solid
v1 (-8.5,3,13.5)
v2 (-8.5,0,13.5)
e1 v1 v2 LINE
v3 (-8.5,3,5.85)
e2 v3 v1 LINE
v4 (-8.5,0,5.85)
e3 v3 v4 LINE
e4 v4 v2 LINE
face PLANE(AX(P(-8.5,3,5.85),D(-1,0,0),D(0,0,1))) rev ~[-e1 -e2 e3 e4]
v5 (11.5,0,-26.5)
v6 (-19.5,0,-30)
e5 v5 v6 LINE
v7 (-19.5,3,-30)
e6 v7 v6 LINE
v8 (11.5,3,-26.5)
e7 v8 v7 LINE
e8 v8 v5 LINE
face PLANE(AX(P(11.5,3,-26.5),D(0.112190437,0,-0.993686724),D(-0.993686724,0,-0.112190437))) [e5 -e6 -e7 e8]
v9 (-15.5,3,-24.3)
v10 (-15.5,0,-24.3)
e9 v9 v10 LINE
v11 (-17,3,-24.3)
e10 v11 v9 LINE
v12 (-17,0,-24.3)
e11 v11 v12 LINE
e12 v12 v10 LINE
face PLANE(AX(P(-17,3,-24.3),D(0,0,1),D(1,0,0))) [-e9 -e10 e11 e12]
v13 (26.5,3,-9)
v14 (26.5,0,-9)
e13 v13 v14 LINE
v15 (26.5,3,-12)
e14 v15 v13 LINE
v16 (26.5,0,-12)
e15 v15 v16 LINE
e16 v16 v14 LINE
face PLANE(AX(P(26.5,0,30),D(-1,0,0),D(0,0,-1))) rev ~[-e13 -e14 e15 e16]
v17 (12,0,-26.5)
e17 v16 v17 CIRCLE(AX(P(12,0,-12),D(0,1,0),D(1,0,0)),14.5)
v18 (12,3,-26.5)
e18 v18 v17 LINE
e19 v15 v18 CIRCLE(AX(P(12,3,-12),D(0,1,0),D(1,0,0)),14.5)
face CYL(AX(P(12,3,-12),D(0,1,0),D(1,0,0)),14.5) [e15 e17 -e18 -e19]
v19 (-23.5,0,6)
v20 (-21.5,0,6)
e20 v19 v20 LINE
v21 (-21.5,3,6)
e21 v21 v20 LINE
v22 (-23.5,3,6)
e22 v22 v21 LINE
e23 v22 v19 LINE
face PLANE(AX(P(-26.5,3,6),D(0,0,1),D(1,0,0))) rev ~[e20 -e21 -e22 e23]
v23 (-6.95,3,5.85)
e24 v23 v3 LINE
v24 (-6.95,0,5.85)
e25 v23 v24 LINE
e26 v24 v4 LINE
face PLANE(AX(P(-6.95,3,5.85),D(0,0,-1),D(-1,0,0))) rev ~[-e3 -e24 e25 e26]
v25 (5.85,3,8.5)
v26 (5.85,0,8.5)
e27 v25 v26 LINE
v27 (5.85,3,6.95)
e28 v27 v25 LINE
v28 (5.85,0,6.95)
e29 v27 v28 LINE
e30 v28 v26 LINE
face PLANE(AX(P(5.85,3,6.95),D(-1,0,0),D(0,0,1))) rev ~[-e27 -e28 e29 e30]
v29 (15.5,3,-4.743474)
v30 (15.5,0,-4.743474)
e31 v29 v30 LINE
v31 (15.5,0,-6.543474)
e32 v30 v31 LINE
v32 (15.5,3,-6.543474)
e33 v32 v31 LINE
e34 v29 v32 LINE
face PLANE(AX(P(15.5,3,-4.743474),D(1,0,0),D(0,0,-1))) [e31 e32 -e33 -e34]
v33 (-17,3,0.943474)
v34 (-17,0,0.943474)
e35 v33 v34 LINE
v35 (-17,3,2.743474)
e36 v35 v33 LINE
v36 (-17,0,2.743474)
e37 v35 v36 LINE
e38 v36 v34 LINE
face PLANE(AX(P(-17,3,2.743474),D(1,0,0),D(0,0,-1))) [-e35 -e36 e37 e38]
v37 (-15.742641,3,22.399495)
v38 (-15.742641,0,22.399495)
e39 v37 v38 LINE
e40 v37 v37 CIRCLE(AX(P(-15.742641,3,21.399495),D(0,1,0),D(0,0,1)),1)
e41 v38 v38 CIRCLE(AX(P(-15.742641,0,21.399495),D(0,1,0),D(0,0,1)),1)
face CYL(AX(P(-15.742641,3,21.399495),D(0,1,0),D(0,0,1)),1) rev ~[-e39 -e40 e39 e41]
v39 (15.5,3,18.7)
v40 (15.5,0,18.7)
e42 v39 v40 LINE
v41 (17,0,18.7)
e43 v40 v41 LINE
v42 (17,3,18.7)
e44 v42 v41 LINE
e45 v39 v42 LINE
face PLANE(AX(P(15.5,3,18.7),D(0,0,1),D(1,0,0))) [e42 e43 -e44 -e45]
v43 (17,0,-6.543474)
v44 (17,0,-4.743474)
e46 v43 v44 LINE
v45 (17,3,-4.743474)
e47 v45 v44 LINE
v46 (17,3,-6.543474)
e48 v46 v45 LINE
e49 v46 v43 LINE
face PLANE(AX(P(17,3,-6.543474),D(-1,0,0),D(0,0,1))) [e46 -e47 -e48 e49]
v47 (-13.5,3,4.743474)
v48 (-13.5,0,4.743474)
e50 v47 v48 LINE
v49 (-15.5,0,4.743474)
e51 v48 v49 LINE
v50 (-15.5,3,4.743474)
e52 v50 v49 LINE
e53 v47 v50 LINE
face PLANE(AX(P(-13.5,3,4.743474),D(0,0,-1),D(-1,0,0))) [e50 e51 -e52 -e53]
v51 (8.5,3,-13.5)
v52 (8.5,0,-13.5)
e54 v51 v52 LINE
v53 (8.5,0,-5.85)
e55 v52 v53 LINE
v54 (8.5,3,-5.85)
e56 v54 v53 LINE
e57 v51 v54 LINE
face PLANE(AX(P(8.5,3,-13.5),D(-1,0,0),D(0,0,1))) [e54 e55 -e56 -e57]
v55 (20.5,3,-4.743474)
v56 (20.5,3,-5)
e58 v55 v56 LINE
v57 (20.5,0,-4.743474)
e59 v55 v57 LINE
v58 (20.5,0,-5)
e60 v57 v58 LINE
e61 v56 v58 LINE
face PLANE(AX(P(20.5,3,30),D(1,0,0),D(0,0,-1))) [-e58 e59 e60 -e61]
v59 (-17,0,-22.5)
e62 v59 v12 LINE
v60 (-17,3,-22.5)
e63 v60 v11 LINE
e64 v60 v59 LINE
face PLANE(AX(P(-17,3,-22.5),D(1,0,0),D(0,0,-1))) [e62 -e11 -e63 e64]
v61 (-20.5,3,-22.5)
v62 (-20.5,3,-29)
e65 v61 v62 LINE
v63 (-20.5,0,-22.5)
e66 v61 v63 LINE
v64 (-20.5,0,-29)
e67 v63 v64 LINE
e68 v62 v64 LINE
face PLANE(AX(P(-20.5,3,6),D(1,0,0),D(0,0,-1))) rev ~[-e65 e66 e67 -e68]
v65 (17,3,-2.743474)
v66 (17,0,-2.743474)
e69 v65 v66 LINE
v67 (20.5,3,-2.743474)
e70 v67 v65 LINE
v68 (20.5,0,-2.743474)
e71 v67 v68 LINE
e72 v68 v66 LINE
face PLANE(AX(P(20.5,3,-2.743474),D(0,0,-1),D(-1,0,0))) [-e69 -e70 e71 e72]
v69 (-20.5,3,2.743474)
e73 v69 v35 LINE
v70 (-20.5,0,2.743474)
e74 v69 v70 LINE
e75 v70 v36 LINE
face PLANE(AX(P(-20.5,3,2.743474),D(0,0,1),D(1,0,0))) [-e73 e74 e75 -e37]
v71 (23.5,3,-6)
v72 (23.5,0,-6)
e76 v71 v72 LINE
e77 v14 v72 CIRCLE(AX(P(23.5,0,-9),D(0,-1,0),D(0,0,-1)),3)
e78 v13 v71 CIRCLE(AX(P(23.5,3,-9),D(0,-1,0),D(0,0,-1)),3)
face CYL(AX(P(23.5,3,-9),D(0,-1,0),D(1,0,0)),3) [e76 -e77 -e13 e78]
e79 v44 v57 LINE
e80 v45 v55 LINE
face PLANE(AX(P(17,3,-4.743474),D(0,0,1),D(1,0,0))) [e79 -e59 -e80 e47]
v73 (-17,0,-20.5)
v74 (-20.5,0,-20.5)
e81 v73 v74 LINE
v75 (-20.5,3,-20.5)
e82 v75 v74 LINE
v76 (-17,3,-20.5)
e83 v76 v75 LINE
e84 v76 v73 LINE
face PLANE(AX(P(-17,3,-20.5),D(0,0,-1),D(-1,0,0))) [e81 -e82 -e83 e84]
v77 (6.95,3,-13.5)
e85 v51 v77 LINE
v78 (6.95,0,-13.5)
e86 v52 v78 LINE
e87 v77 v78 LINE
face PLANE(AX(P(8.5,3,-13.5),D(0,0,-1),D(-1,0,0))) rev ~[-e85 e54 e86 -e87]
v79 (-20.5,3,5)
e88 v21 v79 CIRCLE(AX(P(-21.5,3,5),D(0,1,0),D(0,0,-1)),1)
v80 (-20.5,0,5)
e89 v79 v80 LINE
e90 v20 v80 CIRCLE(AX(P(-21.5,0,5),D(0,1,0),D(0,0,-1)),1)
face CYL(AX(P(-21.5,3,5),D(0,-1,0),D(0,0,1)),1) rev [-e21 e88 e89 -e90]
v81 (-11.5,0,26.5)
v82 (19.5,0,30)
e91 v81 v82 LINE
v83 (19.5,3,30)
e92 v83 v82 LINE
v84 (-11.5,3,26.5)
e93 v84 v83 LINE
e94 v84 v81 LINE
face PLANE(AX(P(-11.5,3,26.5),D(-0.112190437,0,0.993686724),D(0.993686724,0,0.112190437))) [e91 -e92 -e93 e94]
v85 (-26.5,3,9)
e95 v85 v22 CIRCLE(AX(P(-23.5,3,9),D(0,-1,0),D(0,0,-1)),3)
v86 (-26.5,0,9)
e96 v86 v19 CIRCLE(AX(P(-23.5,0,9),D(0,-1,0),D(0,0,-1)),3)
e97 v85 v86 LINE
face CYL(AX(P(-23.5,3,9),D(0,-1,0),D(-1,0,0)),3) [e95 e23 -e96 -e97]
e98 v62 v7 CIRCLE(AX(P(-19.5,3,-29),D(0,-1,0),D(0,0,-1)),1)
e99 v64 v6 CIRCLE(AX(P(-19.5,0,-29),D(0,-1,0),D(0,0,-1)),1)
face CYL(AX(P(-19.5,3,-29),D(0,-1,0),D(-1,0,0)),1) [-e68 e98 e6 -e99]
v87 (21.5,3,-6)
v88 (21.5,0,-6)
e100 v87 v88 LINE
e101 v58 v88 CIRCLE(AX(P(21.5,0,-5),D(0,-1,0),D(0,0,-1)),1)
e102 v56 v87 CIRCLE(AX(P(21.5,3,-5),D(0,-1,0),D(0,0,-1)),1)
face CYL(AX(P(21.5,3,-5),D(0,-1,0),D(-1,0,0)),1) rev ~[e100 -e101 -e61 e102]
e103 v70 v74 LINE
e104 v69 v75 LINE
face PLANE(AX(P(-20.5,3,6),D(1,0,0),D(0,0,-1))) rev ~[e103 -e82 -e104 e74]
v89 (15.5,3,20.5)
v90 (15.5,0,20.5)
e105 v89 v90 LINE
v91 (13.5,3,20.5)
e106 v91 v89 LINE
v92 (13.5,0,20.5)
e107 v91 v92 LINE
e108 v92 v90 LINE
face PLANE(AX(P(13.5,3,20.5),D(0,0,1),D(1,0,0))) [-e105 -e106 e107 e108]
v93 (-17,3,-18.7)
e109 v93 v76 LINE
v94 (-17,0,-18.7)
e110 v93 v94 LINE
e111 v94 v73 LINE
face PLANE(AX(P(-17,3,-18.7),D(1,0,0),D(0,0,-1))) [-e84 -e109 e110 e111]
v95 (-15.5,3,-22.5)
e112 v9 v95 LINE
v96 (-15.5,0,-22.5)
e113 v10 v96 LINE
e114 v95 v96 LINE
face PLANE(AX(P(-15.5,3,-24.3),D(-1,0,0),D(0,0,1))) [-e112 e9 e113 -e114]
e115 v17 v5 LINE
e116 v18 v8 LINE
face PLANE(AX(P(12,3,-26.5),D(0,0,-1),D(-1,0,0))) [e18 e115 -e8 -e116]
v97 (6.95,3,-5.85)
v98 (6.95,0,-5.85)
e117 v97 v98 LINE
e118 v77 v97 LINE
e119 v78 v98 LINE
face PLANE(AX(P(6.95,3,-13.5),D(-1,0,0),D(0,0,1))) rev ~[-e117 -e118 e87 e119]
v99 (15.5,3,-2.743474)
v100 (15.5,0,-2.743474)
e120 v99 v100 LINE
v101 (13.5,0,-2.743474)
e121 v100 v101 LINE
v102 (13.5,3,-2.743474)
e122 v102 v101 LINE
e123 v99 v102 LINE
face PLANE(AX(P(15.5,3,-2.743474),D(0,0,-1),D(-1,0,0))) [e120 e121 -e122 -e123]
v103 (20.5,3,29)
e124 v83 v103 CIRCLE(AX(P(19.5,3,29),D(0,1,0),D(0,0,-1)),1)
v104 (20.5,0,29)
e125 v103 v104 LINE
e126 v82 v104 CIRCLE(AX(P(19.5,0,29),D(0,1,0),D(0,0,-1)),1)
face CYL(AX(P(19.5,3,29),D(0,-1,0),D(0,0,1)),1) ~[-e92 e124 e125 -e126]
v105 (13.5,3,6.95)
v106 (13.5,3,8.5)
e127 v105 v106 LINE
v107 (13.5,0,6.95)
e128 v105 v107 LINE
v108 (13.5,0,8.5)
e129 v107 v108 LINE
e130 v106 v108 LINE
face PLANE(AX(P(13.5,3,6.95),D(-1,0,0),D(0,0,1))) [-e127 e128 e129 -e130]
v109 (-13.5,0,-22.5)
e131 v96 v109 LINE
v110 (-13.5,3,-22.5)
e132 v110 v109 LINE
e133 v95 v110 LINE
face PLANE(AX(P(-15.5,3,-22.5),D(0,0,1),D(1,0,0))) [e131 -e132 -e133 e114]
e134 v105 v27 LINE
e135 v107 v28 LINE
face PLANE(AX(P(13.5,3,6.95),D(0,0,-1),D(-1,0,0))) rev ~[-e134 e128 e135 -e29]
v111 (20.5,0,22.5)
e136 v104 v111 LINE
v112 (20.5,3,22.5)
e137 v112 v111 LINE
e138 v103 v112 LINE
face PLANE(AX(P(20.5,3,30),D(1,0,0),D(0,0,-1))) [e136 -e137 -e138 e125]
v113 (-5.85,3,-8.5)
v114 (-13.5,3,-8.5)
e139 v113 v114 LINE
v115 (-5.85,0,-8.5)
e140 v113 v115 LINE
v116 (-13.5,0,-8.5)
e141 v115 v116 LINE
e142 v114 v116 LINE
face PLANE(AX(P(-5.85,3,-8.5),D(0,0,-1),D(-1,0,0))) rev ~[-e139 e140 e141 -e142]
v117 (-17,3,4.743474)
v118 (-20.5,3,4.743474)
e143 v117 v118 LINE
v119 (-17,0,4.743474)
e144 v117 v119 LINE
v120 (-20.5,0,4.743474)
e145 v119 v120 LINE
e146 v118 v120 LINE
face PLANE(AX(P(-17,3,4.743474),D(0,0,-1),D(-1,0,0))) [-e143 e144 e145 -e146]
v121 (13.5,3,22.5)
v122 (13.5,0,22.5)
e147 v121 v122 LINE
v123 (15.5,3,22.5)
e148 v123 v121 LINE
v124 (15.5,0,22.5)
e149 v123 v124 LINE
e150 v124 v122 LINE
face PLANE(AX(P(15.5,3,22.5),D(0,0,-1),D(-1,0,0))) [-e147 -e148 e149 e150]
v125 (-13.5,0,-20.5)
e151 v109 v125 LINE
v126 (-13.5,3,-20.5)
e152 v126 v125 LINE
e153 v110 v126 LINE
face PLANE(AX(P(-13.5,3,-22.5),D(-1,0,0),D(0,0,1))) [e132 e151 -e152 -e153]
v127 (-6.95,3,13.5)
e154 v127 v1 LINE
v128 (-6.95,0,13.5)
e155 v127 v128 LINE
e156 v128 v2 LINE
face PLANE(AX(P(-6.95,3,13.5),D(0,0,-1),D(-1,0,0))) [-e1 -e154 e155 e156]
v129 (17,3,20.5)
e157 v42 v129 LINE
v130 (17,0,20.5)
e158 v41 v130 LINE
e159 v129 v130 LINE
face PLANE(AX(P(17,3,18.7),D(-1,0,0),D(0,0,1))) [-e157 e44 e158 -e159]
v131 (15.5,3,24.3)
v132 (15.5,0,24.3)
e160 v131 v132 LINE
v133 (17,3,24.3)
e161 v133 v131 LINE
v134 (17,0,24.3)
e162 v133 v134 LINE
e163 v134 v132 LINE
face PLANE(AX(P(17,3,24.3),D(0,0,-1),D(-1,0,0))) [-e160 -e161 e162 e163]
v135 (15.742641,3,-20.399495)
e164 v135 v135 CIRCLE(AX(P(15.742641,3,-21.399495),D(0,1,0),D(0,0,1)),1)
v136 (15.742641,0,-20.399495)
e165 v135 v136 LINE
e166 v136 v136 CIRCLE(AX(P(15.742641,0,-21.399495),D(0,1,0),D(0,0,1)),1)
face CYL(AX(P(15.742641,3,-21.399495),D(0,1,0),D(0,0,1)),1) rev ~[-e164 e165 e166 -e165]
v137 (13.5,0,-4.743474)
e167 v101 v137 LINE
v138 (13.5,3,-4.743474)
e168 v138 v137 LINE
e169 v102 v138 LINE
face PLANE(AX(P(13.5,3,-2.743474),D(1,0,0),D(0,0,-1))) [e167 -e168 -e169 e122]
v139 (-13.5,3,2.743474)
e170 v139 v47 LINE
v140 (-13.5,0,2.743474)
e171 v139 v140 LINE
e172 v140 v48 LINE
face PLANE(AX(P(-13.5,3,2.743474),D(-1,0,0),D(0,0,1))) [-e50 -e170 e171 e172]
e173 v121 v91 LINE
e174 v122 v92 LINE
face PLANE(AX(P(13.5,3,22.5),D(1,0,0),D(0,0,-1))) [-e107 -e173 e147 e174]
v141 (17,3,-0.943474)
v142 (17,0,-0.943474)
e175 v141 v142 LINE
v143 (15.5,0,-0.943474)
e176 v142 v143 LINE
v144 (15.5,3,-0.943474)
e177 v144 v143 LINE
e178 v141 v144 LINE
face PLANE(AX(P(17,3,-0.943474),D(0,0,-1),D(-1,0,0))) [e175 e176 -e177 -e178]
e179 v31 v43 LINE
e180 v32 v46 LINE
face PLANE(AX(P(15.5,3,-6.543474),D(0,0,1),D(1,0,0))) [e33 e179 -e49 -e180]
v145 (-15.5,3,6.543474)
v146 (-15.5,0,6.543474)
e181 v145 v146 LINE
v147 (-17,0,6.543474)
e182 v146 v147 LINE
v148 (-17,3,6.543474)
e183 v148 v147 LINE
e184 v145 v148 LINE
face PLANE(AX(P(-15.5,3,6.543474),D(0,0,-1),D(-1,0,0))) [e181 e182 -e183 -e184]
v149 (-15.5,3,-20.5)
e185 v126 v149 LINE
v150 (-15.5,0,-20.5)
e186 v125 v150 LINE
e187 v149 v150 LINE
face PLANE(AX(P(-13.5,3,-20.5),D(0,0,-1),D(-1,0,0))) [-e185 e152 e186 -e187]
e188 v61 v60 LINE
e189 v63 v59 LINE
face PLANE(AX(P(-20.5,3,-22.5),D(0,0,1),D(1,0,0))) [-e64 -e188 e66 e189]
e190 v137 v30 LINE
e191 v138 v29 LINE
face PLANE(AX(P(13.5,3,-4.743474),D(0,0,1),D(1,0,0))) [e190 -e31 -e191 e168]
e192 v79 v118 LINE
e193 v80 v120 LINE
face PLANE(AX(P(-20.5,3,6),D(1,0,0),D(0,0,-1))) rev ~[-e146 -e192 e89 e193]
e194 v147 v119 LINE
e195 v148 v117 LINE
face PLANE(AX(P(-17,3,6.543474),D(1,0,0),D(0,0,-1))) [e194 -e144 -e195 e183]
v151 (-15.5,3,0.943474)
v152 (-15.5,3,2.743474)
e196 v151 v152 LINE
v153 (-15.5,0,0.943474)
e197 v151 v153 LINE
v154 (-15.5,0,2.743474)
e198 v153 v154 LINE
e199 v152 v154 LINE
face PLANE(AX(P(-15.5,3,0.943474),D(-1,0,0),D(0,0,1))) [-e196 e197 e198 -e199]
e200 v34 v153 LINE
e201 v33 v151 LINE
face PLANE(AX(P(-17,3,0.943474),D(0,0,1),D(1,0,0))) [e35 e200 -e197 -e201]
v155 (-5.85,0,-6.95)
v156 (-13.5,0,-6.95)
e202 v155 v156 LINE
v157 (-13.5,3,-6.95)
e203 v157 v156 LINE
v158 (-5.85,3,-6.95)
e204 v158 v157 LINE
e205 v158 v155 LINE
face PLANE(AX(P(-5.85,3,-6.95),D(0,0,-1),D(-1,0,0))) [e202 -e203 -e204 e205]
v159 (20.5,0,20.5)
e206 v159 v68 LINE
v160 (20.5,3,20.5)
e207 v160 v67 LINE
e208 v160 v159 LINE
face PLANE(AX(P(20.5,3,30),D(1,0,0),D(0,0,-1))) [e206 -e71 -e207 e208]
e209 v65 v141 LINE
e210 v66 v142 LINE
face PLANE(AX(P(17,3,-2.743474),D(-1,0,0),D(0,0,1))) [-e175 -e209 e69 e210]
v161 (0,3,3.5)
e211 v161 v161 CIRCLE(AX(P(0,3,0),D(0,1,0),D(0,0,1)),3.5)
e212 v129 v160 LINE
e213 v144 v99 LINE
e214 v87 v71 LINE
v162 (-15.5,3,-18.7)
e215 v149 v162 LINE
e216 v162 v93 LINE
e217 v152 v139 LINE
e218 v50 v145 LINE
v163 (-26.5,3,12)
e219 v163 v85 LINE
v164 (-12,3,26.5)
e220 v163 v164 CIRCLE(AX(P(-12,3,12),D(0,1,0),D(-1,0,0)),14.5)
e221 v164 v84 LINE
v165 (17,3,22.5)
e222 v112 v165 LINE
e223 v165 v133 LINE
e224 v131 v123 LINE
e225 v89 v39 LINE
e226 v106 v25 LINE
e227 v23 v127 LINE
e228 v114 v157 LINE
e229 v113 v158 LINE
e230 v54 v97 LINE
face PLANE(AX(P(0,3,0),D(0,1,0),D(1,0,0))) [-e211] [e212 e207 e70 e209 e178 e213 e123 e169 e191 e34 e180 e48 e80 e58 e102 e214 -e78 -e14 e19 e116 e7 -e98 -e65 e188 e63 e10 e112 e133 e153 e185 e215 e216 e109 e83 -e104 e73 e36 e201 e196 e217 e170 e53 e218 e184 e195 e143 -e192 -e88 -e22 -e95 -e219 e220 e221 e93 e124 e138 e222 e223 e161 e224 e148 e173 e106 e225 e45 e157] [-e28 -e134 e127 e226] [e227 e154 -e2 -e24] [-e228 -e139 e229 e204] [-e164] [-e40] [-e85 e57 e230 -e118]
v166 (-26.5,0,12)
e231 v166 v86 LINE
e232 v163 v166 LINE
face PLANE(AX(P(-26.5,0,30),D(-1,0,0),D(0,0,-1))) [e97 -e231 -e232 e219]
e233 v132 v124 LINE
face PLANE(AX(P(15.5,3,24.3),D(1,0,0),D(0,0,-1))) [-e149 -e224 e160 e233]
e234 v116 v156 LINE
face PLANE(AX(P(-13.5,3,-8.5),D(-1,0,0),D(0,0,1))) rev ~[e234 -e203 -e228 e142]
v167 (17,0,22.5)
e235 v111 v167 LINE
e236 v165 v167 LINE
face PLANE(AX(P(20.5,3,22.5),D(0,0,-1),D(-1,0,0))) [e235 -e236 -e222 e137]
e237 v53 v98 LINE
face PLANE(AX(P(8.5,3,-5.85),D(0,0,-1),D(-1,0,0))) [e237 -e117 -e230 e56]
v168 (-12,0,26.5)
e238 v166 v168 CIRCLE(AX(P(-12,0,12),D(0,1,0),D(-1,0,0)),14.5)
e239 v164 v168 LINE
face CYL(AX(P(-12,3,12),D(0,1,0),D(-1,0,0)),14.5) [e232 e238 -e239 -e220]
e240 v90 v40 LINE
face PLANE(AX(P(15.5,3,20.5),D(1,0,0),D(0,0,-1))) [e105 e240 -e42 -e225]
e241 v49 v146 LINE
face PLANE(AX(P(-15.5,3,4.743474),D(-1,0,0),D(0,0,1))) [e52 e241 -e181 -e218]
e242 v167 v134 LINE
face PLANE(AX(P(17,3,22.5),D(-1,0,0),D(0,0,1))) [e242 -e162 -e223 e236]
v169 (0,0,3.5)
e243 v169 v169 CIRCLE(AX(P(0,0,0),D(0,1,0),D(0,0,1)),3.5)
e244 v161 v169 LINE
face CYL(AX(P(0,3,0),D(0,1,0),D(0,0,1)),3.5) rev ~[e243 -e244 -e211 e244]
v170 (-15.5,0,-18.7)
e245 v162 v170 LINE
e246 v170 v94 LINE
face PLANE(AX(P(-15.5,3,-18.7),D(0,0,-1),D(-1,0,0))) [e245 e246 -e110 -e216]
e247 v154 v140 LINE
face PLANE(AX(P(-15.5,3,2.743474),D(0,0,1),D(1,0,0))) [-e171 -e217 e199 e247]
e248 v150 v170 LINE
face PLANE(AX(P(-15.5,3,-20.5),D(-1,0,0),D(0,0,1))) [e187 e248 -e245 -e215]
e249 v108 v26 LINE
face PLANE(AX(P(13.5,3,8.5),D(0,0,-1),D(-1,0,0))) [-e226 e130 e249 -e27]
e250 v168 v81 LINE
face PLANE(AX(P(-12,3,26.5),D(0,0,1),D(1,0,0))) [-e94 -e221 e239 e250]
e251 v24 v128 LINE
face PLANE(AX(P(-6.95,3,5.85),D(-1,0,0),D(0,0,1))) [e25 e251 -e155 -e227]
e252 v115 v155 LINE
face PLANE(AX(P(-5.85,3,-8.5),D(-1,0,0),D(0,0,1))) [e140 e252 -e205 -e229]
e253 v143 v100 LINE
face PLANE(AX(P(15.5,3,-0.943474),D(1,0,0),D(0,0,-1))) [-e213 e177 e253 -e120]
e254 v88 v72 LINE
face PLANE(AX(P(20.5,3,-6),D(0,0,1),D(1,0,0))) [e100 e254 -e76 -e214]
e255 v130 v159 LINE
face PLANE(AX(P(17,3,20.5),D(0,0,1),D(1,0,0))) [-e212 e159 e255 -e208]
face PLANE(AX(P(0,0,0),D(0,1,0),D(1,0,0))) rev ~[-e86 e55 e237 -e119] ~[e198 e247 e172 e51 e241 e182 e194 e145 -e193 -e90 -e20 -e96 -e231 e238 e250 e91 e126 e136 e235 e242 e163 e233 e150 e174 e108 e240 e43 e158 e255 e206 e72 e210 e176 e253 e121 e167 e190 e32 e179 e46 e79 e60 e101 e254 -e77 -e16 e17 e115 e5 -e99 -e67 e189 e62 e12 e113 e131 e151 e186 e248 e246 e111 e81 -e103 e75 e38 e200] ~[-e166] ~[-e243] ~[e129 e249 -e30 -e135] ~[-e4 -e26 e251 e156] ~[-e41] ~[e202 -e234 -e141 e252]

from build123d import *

# Parameters (mm, degrees)
ESBO_O1_W                = 53
ESBO_O1_H                = 60
RESSALTO_EXTRUS_O1_DEPTH = 3
ESBO_O4_W                = 1.55
ESBO_O4_H                = 7.65
ESBO_O4_W_2              = 7.65
ESBO_O4_H_2              = 1.55
CORTE_EXTRUS_O2_DEPTH    = 10
ESBO_O5_R                = 1
CORTE_EXTRUS_O3_DEPTH    = 41.140378673
ESBO_O7_R                = 3.5
CORTE_EXTRUS_O6_DEPTH    = 41.140378673
ESBO_O8_W                = 6
ESBO_O8_H                = 36
CORTE_EXTRUS_O7_DEPTH    = 41.140378673
FILETE2_R                = 3
FILETE3_R                = 1
CORTE_EXTRUS_O8_DEPTH    = 41.140378673
CORTE_EXTRUS_O9_DEPTH    = 41.140378673


with BuildPart() as part:
    # Esboço1 → Ressalto-extrusão1 (new body)
    with BuildSketch(Plane(origin=(0, 0, 0), x_dir=(1, 0, 0), z_dir=(0, 1, 0))):
        Rectangle(ESBO_O1_W, ESBO_O1_H)
    extrude(amount=RESSALTO_EXTRUS_O1_DEPTH)

    # Esboço4 → Corte-extrusão2 (cut)
    with BuildSketch(Plane(origin=(0, 3, 0), x_dir=(-1, 0, 0), z_dir=(0, 1, 0))):
        with Locations((-7.725, -9.675)):
            Rectangle(ESBO_O4_W, ESBO_O4_H)
        with Locations((-9.675, 7.725)):
            Rectangle(ESBO_O4_W_2, ESBO_O4_H_2)
        with Locations((7.725, 9.675)):
            Rectangle(ESBO_O4_W, ESBO_O4_H)
        with Locations((9.675, -7.725)):
            Rectangle(ESBO_O4_W_2, ESBO_O4_H_2)
    extrude(amount=-CORTE_EXTRUS_O2_DEPTH, mode=Mode.SUBTRACT)

    # Esboço5 → Corte-extrusão3 (cut, through all)
    with BuildSketch(Plane(origin=(0, 3, 0), x_dir=(1, 0, 0), z_dir=(0, 1, 0))):
        with Locations(Location((-15.742640687, -21.399494937, 0), (0, 0, 270))):
            Circle(ESBO_O5_R)
        with Locations(Location((15.742640687, 21.399494937, 0), (0, 0, 270))):
            Circle(ESBO_O5_R)
    extrude(amount=-CORTE_EXTRUS_O3_DEPTH, mode=Mode.SUBTRACT)

    # Esboço7 → Corte-extrusão6 (cut, through all)
    with BuildSketch(Plane(origin=(0, 3, 0), x_dir=(1, 0, 0), z_dir=(0, 1, 0))):
        with Locations(Location((0, 0, 0), (0, 0, 270))):
            Circle(ESBO_O7_R)
    extrude(amount=-CORTE_EXTRUS_O6_DEPTH, mode=Mode.SUBTRACT)

    # Esboço8 → Corte-extrusão7 (cut, through all)
    with BuildSketch(Plane(origin=(0, 3, 0), x_dir=(1, 0, 0), z_dir=(0, 1, 0))):
        with Locations((23.5, -12)):
            Rectangle(ESBO_O8_W, ESBO_O8_H)
        with Locations((-23.5, 12)):
            Rectangle(ESBO_O8_W, ESBO_O8_H)
    extrude(amount=-CORTE_EXTRUS_O7_DEPTH, mode=Mode.SUBTRACT)

    # Filete2
    filete2_edges = [part.edges().sort_by_distance(p)[0] for p in [
        (26.5, 1.5, -6),
        (-26.5, 1.5, 6),
    ]]
    fillet(filete2_edges, radius=FILETE2_R)

    # Filete3
    filete3_edges = [part.edges().sort_by_distance(p)[0] for p in [
        (20.5, 1.5, 30),
        (20.5, 1.5, -6),
        (-20.5, 1.5, -30),
        (-20.5, 1.5, 6),
    ]]
    fillet(filete3_edges, radius=FILETE3_R)

    # Esboço9 → Corte-extrusão8 (cut, through all)
    with BuildSketch(Plane(origin=(0, 3, 0), x_dir=(1, 0, 0), z_dir=(0, 1, 0))):
        Polygon((-13.5, 20.5), (-15.5, 20.5), (-15.5, 18.7), (-17, 18.7), (-17, 20.5), (-20.5, 20.5), (-20.5, 22.5), (-17, 22.5), (-17, 24.3), (-15.5, 24.3), (-15.5, 22.5), (-13.5, 22.5), align=None)
        Polygon((-13.5, -4.74347437), (-15.5, -4.74347437), (-15.5, -6.54347437), (-17, -6.54347437), (-17, -4.74347437), (-20.5, -4.74347437), (-20.5, -2.74347437), (-17, -2.74347437), (-17, -0.94347437), (-15.5, -0.94347437), (-15.5, -2.74347437), (-13.5, -2.74347437), align=None)
        Polygon((13.5, -20.5), (15.5, -20.5), (15.5, -18.7), (17, -18.7), (17, -20.5), (20.5, -20.5), (20.5, -22.5), (17, -22.5), (17, -24.3), (15.5, -24.3), (15.5, -22.5), (13.5, -22.5), align=None)
        Polygon((13.5, 4.74347437), (15.5, 4.74347437), (15.5, 6.54347437), (17, 6.54347437), (17, 4.74347437), (20.5, 4.74347437), (20.5, 2.74347437), (17, 2.74347437), (17, 0.94347437), (15.5, 0.94347437), (15.5, 2.74347437), (13.5, 2.74347437), align=None)
    extrude(amount=-CORTE_EXTRUS_O8_DEPTH, mode=Mode.SUBTRACT)

    # Esboço10 → Corte-extrusão9 (cut, through all)
    with BuildSketch(Plane(origin=(0, 3, 0), x_dir=(1, 0, 0), z_dir=(0, 1, 0))):
        with BuildLine():
            Line((26.5, 11.5), (26.5, 12))
            ThreePointArc((26.5, 12), (22.253048327, 22.253048327), (12, 26.5))
            Line((12, 26.5), (11.5, 26.5))
            Line((11.5, 26.5), (-19.5, 30))
            Line((-19.5, 30), (-19.5, 39.997592749))
            Line((-19.5, 39.997592749), (32.53430666, 39.997592749))
            Line((32.53430666, 39.997592749), (32.53430666, 11.5))
            Line((32.53430666, 11.5), (26.5, 11.5))
        make_face()
        with BuildLine():
            Line((-26.5, -11.5), (-26.5, -12))
            ThreePointArc((-26.5, -12), (-22.253048327, -22.253048327), (-12, -26.5))
            Line((-12, -26.5), (-11.5, -26.5))
            Line((-11.5, -26.5), (19.5, -30))
            Line((19.5, -30), (19.5, -39.997592749))
            Line((19.5, -39.997592749), (-32.53430666, -39.997592749))
            Line((-32.53430666, -39.997592749), (-32.53430666, -11.5))
            Line((-32.53430666, -11.5), (-26.5, -11.5))
        make_face()
    extrude(amount=-CORTE_EXTRUS_O9_DEPTH, mode=Mode.SUBTRACT)


solid = part.part
